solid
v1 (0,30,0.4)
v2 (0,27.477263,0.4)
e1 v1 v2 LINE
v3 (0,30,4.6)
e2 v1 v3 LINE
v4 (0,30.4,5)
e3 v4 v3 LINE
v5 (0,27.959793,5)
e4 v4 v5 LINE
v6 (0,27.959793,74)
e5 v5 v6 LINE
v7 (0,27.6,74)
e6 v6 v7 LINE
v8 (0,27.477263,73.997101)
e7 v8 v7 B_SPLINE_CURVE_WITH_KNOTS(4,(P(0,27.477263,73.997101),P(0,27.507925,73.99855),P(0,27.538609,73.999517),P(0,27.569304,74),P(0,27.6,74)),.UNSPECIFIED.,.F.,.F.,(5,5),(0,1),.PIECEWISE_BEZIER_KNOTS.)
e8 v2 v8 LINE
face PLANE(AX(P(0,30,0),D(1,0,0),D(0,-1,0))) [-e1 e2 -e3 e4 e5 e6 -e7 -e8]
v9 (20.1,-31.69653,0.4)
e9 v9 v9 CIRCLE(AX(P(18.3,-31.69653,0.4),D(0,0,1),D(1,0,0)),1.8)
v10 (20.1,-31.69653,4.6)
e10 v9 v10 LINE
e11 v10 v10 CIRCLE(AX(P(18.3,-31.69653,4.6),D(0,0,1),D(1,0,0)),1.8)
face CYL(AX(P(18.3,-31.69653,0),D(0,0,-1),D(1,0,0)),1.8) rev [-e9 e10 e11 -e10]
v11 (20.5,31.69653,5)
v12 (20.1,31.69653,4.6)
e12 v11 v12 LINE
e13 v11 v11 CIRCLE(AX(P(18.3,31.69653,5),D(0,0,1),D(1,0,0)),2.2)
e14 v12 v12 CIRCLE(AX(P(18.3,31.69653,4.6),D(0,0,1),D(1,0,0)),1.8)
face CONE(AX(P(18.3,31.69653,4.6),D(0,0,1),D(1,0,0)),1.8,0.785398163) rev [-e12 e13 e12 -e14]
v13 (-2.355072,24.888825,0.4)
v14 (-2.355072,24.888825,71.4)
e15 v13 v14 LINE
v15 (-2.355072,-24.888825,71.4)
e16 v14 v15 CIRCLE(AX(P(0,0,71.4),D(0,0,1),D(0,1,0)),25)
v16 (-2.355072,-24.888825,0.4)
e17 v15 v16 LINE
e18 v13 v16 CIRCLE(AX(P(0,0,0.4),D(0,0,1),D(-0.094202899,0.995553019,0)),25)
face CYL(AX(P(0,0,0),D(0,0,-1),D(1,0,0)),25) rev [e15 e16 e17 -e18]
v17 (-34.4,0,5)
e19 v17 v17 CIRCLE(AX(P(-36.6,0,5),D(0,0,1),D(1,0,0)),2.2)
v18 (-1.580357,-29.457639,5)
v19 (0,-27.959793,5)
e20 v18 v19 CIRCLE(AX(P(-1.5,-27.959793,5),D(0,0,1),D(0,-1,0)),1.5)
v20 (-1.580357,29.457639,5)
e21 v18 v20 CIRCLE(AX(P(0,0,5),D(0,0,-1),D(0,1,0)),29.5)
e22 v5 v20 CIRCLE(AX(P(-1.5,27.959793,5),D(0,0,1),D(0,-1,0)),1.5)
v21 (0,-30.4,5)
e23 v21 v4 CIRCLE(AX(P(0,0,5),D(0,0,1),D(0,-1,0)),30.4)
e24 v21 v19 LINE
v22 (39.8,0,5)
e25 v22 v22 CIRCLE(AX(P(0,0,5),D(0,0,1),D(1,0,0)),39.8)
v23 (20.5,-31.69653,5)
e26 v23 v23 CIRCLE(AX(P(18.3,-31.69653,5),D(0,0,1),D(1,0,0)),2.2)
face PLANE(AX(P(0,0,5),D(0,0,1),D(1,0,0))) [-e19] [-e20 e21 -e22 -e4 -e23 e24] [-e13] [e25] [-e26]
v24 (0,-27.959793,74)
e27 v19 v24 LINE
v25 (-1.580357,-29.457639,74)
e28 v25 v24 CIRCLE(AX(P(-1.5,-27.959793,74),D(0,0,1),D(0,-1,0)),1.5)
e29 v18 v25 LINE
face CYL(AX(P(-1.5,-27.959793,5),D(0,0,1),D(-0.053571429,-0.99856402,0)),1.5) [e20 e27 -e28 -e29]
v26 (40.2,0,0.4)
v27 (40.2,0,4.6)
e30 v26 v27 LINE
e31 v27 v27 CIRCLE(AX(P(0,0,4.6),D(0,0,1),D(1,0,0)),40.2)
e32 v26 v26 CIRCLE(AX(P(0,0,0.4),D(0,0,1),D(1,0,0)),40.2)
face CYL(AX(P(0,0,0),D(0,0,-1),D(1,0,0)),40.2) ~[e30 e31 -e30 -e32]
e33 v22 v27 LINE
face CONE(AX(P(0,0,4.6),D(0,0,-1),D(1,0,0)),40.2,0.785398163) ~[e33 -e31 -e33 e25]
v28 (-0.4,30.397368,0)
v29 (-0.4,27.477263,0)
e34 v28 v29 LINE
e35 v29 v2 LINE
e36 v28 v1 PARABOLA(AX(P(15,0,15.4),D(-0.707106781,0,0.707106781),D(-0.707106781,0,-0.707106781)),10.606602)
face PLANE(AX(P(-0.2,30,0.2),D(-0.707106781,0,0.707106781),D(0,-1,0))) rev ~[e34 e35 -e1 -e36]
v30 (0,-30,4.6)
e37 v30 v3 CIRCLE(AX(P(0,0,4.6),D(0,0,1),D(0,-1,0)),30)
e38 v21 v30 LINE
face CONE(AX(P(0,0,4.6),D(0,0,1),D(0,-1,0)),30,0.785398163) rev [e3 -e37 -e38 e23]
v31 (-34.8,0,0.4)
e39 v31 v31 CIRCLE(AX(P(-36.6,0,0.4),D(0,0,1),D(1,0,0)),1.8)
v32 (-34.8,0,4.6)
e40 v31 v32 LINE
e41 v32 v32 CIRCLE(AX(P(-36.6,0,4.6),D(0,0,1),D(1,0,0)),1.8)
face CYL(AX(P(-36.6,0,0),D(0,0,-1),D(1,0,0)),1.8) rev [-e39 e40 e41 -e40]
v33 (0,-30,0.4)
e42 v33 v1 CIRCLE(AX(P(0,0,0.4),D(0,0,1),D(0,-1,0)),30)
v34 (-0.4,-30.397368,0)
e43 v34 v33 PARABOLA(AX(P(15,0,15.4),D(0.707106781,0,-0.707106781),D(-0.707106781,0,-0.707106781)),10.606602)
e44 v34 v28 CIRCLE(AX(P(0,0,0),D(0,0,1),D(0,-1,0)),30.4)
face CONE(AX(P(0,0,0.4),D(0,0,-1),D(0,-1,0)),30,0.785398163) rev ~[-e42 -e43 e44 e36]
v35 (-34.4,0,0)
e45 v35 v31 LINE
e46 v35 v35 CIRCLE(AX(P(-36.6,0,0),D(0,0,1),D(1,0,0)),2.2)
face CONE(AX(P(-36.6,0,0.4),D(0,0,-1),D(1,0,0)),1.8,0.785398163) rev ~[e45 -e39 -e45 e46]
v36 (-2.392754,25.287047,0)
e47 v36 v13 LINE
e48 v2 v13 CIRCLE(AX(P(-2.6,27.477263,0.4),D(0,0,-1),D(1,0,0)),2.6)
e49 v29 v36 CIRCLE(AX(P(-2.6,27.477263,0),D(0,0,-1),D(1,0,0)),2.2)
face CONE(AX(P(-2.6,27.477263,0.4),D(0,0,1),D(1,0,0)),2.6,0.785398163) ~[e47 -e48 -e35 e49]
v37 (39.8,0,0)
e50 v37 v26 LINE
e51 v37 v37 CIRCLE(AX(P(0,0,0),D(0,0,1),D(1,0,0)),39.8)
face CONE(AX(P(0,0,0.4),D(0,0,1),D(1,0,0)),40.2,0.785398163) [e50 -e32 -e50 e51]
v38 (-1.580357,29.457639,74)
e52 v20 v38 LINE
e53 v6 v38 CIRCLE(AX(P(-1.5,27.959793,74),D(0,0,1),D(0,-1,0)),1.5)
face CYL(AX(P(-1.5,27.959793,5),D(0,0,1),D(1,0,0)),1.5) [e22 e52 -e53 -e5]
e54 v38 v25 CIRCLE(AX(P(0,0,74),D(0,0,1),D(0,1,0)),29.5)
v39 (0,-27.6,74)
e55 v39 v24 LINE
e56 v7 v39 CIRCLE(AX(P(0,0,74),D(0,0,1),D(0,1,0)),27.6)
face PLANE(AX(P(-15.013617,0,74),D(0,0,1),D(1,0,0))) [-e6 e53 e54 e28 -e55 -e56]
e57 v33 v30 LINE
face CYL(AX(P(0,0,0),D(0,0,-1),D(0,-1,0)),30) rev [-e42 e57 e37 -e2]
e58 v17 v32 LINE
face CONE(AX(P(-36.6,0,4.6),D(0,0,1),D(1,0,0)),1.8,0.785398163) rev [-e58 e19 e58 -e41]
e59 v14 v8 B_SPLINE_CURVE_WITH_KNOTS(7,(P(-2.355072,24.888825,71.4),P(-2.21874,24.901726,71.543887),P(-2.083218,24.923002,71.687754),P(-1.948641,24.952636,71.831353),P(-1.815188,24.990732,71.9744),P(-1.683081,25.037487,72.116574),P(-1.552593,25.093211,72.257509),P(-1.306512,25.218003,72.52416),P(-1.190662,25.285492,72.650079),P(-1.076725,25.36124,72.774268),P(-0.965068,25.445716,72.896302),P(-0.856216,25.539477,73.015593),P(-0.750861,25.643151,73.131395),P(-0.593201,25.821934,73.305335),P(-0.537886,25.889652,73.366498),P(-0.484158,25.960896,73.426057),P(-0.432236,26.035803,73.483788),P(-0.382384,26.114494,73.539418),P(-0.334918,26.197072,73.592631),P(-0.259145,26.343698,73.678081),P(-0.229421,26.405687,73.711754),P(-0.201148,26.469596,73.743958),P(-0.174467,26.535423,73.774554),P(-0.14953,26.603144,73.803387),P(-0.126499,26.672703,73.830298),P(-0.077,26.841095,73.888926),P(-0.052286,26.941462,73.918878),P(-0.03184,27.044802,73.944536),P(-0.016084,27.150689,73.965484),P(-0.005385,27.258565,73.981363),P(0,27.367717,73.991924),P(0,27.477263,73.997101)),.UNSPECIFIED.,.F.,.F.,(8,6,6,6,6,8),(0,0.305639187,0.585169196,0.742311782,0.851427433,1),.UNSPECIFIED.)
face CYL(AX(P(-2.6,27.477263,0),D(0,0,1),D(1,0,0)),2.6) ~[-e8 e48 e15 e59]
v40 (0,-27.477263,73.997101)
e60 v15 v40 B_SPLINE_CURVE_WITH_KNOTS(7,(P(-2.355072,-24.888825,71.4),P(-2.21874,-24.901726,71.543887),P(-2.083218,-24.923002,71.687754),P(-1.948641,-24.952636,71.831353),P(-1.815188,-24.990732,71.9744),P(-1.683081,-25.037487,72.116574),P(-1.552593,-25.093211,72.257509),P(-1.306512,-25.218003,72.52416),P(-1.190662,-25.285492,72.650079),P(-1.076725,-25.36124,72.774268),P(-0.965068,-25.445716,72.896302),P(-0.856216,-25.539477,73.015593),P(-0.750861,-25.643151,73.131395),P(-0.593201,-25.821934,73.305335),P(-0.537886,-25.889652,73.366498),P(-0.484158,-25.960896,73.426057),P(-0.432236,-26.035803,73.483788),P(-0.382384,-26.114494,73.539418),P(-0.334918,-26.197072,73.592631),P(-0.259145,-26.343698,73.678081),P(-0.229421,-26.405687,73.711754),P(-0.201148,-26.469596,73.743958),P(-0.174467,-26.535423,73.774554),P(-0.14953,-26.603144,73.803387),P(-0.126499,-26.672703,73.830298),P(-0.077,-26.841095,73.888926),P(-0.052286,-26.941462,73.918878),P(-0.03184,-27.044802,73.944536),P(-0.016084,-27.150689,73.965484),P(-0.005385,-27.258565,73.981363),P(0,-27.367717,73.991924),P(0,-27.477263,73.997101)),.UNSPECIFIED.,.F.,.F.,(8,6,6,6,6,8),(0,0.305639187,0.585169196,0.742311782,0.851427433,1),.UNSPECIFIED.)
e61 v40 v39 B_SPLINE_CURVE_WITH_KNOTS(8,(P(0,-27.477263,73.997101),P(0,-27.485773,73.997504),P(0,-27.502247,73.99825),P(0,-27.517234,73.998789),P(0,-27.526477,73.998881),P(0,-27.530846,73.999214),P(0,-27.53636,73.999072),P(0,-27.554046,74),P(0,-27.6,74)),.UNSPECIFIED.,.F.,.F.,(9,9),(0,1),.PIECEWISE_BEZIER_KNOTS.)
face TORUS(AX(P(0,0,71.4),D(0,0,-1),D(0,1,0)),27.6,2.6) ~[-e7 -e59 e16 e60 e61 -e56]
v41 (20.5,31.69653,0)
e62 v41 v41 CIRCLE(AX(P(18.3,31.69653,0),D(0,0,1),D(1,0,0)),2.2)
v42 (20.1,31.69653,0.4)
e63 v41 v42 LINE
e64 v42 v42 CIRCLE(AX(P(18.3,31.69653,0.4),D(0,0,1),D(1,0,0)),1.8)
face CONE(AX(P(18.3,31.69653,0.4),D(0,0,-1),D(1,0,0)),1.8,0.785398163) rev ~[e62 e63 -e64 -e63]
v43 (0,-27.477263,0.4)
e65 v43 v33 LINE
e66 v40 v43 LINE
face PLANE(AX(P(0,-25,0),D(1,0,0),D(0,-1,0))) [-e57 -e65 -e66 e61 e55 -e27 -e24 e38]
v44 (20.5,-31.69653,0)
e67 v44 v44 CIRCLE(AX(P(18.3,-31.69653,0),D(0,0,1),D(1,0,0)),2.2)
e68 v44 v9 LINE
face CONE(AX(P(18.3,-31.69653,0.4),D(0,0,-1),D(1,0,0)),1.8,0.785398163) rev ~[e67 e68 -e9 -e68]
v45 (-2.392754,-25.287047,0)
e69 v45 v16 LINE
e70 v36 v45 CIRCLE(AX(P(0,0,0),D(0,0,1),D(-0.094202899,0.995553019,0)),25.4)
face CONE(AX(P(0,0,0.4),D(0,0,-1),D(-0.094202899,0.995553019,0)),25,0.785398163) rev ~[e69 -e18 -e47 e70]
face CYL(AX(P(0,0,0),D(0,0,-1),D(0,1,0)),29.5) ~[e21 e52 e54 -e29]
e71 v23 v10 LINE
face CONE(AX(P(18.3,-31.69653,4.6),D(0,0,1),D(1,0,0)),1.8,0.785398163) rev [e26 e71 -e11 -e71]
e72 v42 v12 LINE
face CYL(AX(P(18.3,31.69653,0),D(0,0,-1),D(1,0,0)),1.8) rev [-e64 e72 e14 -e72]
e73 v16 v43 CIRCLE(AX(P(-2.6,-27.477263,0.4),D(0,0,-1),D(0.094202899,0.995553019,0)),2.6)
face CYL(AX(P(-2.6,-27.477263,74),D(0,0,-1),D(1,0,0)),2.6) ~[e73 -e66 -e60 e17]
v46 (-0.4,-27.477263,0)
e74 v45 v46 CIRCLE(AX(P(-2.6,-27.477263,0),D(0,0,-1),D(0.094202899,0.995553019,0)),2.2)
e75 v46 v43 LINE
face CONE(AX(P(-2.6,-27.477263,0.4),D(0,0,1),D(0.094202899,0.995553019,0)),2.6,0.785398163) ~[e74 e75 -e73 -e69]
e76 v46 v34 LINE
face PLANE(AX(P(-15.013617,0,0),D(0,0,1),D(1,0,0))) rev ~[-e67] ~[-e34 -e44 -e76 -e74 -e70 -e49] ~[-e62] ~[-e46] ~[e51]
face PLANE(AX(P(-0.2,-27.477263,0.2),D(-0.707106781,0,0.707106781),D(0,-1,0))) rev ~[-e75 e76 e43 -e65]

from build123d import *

# Parameters (mm, degrees)
SKETCH_R     = 40.2
SKETCH_R_2   = 25
PAD_DEPTH    = 5
PAD001_DEPTH = 74
POCKET_DEPTH = 5
FILLET_R     = 1.5
FILLET001_R  = 2.6
SKETCH003_R  = 1.8
HOLE_DEPTH   = 5
CHAMFER_SIZE = 0.4


with BuildPart() as part:
    # Sketch → Pad (new body)
    with BuildSketch(Plane.XY):
        Circle(SKETCH_R)
        Circle(SKETCH_R_2, mode=Mode.SUBTRACT)
    extrude(amount=PAD_DEPTH)

    # Sketch001 → Pad001 (join)
    with BuildSketch(Plane.XY):
        with BuildLine():
            ThreePointArc((0, 29.5), (-29.5, 0), (0, -29.5))
            Line((0, -25), (0, -29.5))
            ThreePointArc((0, 25), (-25, 0), (0, -25))
            Line((0, 29.5), (0, 25))
        make_face()
    extrude(amount=PAD001_DEPTH)

    # Sketch002 → Pocket (cut)
    with BuildSketch(Plane.XY):
        with BuildLine():
            ThreePointArc((0, -30), (30, 0), (0, 30))
            Line((0, 30), (0, 25))
            ThreePointArc((0, -25), (25, 0), (0, 25))
            Line((0, -25), (0, -30))
        make_face()
    extrude(amount=POCKET_DEPTH, mode=Mode.SUBTRACT)

    # Fillet
    fillet_edges = [part.edges().sort_by_distance(p)[0] for p in [
        (0, -29.5, 39.5),
        (0, 29.5, 39.5),
    ]]
    fillet(fillet_edges, radius=FILLET_R)

    # Fillet001
    fillet001_edges = [part.edges().sort_by_distance(p)[0] for p in [
        (-25, 0, 74),
        (0, -25, 39.5),
        (0, 25, 39.5),
    ]]
    fillet(fillet001_edges, radius=FILLET001_R)

    # Sketch003 → Hole (cut)
    with BuildSketch(Plane.XY):
        with Locations((-36.6, 0)):
            Circle(SKETCH003_R)
        with Locations((18.3, 31.69653)):
            Circle(SKETCH003_R)
        with Locations((18.3, -31.69653)):
            Circle(SKETCH003_R)
    extrude(amount=HOLE_DEPTH, mode=Mode.SUBTRACT)

    # Chamfer
    chamfer_edges = [part.edges().sort_by_distance(p)[0] for p in [
        (-40.2, 0, 0),
        (20.1, -31.69653, 0),
        (-34.8, 0, 0),
        (20.1, 31.69653, 0),
        (30, 0, 0),
        (0, -29.75, 0),
        (0, -28.488632, 0),
        (-0.676876, -25.727522, 0),
        (-25, 0, 0),
        (0, 29.75, 0),
        (0, 28.488632, 0),
        (-0.676876, 25.727522, 0),
        (-40.2, 0, 5),
        (-34.8, 0, 5),
        (20.1, 31.69653, 5),
        (20.1, -31.69653, 5),
        (30, 0, 5),
    ]]
    chamfer(chamfer_edges, length=CHAMFER_SIZE)


solid = part.part
